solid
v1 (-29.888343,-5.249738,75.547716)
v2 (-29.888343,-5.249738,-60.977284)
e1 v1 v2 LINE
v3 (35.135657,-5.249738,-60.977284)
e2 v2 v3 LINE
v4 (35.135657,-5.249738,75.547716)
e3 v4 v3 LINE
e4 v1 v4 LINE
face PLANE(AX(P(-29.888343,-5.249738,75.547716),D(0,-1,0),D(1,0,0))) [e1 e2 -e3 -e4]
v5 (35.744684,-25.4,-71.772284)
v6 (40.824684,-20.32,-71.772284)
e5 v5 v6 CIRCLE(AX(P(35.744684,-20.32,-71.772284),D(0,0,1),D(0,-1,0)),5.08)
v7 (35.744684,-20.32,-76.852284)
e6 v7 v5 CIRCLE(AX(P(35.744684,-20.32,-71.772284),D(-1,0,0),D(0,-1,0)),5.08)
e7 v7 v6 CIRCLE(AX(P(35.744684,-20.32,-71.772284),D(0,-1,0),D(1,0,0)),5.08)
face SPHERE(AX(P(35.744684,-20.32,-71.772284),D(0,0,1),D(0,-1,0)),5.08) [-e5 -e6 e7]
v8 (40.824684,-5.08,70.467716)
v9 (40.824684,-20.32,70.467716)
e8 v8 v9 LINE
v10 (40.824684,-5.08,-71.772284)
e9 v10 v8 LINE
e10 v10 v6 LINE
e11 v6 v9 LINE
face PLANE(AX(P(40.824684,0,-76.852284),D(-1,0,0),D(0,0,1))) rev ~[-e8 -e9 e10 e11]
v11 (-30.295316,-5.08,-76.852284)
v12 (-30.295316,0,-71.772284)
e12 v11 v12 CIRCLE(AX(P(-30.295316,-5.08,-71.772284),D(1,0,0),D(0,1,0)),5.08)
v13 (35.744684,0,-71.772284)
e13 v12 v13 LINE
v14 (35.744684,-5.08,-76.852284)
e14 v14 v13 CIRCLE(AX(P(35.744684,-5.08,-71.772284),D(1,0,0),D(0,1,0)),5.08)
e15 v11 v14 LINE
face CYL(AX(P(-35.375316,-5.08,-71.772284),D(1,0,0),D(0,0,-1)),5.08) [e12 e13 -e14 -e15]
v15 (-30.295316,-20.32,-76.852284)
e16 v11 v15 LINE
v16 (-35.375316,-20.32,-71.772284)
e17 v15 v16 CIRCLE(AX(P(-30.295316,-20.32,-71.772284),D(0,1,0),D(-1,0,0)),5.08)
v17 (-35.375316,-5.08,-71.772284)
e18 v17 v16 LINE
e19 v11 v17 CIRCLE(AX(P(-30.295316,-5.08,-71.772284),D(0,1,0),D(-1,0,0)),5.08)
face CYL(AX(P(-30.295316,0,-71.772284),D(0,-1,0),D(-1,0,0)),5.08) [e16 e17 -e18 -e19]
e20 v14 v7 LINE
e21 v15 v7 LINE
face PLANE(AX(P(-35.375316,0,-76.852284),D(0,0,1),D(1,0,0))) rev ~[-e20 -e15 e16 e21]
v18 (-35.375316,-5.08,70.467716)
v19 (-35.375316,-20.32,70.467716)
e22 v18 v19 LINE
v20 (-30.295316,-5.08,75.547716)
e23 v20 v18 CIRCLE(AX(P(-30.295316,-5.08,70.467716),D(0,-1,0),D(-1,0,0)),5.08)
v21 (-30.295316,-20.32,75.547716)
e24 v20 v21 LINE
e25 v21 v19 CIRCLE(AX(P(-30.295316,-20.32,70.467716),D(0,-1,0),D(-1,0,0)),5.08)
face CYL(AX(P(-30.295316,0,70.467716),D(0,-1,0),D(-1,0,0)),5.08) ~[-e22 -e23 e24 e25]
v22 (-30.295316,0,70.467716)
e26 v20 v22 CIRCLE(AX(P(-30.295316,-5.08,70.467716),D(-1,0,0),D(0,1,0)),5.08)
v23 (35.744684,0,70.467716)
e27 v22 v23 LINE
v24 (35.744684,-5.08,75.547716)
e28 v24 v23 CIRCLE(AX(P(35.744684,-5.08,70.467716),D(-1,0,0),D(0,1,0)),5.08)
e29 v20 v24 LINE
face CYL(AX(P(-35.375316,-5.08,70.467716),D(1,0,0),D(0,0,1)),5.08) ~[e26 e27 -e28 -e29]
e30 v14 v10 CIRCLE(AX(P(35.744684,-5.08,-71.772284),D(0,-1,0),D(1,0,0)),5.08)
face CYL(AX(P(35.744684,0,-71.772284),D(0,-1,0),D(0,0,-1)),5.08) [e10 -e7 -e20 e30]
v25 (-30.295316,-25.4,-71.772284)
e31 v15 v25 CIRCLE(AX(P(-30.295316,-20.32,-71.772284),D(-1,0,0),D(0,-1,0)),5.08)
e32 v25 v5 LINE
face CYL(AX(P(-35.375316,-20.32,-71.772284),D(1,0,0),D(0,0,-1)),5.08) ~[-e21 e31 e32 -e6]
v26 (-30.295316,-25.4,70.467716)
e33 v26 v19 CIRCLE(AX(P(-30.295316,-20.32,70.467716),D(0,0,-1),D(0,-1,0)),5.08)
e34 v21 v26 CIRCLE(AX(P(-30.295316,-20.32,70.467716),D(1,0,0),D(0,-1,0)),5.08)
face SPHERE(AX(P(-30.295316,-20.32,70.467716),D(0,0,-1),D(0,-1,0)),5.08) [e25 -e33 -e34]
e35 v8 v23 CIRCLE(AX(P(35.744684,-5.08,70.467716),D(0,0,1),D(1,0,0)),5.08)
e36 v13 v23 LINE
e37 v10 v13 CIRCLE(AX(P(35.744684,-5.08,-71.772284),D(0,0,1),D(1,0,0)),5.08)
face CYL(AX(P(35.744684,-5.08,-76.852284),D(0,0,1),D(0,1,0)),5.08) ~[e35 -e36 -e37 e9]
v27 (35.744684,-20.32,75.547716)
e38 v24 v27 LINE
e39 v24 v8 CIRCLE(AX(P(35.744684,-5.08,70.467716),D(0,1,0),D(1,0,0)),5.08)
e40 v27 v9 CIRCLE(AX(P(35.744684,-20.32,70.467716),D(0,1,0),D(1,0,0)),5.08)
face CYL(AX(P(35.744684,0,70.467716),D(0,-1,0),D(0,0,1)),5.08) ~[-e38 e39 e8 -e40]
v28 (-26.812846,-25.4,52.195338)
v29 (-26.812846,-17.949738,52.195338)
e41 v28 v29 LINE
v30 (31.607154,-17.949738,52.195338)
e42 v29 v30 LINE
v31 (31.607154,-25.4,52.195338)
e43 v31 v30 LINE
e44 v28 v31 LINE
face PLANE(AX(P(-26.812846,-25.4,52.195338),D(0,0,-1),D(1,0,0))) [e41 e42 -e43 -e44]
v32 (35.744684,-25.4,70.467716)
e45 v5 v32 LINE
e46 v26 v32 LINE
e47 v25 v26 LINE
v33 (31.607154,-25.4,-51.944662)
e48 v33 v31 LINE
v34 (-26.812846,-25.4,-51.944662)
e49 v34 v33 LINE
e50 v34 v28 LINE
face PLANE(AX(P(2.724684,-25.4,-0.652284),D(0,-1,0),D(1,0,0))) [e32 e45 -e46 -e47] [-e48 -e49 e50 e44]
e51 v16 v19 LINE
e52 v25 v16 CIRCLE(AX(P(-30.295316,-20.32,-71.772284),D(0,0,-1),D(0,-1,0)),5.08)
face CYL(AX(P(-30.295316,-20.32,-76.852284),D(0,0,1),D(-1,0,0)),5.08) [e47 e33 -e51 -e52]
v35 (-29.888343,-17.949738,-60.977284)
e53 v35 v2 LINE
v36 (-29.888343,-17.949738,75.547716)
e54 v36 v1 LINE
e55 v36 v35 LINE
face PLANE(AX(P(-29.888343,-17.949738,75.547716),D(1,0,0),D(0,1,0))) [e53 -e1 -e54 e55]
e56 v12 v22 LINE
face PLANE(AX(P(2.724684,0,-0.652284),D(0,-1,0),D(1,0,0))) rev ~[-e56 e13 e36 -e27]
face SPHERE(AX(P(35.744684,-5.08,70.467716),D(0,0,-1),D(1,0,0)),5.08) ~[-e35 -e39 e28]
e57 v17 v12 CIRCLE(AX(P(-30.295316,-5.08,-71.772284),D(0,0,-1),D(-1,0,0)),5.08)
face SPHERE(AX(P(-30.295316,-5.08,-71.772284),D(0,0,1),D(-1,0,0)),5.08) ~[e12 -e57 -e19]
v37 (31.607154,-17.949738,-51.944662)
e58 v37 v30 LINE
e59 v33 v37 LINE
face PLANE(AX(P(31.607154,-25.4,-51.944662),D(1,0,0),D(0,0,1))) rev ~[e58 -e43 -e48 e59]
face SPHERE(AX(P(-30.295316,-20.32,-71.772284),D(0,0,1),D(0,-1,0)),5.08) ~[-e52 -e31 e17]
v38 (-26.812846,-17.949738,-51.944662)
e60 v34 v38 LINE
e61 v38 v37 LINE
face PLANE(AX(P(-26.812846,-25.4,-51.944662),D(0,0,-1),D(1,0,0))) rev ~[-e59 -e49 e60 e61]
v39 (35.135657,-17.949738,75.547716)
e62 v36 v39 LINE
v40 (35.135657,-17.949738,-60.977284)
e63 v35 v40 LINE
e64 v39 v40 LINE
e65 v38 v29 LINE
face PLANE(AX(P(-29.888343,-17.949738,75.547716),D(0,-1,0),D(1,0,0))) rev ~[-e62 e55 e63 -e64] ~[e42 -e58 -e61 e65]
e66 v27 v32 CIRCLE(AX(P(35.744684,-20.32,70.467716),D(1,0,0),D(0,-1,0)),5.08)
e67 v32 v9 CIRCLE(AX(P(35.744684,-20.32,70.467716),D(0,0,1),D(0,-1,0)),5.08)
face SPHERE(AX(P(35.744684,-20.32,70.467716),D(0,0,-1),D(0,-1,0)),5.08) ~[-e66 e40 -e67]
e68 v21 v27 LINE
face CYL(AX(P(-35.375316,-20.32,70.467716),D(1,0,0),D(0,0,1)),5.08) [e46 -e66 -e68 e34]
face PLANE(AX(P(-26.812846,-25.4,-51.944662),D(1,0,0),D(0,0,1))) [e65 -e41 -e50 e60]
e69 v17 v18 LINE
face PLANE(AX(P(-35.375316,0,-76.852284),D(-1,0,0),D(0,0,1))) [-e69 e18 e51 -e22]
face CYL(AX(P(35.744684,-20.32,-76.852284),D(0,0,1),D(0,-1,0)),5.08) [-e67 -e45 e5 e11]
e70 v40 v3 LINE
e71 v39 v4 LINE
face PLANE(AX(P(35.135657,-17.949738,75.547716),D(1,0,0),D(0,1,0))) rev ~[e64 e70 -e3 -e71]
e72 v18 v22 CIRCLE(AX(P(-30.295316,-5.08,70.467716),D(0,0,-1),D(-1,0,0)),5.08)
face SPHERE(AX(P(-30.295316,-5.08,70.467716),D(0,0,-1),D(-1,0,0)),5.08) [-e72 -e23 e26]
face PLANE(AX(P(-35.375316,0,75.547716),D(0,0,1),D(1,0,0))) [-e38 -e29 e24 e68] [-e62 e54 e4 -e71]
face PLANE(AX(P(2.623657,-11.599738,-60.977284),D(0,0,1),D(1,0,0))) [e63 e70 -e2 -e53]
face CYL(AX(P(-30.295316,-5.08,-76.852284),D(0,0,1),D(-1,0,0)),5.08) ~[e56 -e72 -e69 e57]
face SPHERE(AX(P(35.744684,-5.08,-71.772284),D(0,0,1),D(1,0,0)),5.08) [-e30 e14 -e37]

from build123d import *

# Parameters (mm, degrees)
F0_W     = 76.2
F0_H     = 152.4
F1_DEPTH = 25.4
F2_W     = 65.024
F2_H     = 12.7
F3_DEPTH = 136.525
F4_R     = 5.08
F5_W     = 58.42
F5_H     = 104.14
F6_DEPTH = 7.62


with BuildPart() as f1:
    # F0 (on Front) → F1 (new body)
    with BuildSketch(Plane.XZ):
        with Locations((2.724684, -0.652284)):
            Rectangle(F0_W, F0_H)
    extrude(amount=F1_DEPTH)

    # F2 (on face) → F3 (cut)
    with BuildSketch(Plane.XY.offset(75.547716)):
        with Locations((2.623657, -11.599738)):
            Rectangle(F2_W, F2_H)
    extrude(amount=-F3_DEPTH, mode=Mode.SUBTRACT)

    # F4
    f4_edges = [f1.edges().sort_by_distance(p)[0] for p in [
        (40.824684, -25.4, -0.652284),
        (40.824684, 0, -0.652284),
        (-35.375316, 0, -0.652284),
        (-35.375316, -25.4, -0.652284),
        (2.724684, -25.4, -76.852284),
        (-35.375316, -12.7, -76.852284),
        (40.824684, -12.7, -76.852284),
        (2.724684, 0, -76.852284),
        (2.724684, -25.4, 75.547716),
        (-35.375316, -12.7, 75.547716),
        (40.824684, -12.7, 75.547716),
        (2.724684, 0, 75.547716),
    ]]
    fillet(f4_edges, radius=F4_R)

    # F5 (on face) → F6 (cut)
    with BuildSketch(Plane.XZ.offset(25.4)):
        with Locations((2.397154, 0.125338)):
            Rectangle(F5_W, F5_H)
    extrude(amount=-F6_DEPTH, mode=Mode.SUBTRACT)


solid = f1.part
